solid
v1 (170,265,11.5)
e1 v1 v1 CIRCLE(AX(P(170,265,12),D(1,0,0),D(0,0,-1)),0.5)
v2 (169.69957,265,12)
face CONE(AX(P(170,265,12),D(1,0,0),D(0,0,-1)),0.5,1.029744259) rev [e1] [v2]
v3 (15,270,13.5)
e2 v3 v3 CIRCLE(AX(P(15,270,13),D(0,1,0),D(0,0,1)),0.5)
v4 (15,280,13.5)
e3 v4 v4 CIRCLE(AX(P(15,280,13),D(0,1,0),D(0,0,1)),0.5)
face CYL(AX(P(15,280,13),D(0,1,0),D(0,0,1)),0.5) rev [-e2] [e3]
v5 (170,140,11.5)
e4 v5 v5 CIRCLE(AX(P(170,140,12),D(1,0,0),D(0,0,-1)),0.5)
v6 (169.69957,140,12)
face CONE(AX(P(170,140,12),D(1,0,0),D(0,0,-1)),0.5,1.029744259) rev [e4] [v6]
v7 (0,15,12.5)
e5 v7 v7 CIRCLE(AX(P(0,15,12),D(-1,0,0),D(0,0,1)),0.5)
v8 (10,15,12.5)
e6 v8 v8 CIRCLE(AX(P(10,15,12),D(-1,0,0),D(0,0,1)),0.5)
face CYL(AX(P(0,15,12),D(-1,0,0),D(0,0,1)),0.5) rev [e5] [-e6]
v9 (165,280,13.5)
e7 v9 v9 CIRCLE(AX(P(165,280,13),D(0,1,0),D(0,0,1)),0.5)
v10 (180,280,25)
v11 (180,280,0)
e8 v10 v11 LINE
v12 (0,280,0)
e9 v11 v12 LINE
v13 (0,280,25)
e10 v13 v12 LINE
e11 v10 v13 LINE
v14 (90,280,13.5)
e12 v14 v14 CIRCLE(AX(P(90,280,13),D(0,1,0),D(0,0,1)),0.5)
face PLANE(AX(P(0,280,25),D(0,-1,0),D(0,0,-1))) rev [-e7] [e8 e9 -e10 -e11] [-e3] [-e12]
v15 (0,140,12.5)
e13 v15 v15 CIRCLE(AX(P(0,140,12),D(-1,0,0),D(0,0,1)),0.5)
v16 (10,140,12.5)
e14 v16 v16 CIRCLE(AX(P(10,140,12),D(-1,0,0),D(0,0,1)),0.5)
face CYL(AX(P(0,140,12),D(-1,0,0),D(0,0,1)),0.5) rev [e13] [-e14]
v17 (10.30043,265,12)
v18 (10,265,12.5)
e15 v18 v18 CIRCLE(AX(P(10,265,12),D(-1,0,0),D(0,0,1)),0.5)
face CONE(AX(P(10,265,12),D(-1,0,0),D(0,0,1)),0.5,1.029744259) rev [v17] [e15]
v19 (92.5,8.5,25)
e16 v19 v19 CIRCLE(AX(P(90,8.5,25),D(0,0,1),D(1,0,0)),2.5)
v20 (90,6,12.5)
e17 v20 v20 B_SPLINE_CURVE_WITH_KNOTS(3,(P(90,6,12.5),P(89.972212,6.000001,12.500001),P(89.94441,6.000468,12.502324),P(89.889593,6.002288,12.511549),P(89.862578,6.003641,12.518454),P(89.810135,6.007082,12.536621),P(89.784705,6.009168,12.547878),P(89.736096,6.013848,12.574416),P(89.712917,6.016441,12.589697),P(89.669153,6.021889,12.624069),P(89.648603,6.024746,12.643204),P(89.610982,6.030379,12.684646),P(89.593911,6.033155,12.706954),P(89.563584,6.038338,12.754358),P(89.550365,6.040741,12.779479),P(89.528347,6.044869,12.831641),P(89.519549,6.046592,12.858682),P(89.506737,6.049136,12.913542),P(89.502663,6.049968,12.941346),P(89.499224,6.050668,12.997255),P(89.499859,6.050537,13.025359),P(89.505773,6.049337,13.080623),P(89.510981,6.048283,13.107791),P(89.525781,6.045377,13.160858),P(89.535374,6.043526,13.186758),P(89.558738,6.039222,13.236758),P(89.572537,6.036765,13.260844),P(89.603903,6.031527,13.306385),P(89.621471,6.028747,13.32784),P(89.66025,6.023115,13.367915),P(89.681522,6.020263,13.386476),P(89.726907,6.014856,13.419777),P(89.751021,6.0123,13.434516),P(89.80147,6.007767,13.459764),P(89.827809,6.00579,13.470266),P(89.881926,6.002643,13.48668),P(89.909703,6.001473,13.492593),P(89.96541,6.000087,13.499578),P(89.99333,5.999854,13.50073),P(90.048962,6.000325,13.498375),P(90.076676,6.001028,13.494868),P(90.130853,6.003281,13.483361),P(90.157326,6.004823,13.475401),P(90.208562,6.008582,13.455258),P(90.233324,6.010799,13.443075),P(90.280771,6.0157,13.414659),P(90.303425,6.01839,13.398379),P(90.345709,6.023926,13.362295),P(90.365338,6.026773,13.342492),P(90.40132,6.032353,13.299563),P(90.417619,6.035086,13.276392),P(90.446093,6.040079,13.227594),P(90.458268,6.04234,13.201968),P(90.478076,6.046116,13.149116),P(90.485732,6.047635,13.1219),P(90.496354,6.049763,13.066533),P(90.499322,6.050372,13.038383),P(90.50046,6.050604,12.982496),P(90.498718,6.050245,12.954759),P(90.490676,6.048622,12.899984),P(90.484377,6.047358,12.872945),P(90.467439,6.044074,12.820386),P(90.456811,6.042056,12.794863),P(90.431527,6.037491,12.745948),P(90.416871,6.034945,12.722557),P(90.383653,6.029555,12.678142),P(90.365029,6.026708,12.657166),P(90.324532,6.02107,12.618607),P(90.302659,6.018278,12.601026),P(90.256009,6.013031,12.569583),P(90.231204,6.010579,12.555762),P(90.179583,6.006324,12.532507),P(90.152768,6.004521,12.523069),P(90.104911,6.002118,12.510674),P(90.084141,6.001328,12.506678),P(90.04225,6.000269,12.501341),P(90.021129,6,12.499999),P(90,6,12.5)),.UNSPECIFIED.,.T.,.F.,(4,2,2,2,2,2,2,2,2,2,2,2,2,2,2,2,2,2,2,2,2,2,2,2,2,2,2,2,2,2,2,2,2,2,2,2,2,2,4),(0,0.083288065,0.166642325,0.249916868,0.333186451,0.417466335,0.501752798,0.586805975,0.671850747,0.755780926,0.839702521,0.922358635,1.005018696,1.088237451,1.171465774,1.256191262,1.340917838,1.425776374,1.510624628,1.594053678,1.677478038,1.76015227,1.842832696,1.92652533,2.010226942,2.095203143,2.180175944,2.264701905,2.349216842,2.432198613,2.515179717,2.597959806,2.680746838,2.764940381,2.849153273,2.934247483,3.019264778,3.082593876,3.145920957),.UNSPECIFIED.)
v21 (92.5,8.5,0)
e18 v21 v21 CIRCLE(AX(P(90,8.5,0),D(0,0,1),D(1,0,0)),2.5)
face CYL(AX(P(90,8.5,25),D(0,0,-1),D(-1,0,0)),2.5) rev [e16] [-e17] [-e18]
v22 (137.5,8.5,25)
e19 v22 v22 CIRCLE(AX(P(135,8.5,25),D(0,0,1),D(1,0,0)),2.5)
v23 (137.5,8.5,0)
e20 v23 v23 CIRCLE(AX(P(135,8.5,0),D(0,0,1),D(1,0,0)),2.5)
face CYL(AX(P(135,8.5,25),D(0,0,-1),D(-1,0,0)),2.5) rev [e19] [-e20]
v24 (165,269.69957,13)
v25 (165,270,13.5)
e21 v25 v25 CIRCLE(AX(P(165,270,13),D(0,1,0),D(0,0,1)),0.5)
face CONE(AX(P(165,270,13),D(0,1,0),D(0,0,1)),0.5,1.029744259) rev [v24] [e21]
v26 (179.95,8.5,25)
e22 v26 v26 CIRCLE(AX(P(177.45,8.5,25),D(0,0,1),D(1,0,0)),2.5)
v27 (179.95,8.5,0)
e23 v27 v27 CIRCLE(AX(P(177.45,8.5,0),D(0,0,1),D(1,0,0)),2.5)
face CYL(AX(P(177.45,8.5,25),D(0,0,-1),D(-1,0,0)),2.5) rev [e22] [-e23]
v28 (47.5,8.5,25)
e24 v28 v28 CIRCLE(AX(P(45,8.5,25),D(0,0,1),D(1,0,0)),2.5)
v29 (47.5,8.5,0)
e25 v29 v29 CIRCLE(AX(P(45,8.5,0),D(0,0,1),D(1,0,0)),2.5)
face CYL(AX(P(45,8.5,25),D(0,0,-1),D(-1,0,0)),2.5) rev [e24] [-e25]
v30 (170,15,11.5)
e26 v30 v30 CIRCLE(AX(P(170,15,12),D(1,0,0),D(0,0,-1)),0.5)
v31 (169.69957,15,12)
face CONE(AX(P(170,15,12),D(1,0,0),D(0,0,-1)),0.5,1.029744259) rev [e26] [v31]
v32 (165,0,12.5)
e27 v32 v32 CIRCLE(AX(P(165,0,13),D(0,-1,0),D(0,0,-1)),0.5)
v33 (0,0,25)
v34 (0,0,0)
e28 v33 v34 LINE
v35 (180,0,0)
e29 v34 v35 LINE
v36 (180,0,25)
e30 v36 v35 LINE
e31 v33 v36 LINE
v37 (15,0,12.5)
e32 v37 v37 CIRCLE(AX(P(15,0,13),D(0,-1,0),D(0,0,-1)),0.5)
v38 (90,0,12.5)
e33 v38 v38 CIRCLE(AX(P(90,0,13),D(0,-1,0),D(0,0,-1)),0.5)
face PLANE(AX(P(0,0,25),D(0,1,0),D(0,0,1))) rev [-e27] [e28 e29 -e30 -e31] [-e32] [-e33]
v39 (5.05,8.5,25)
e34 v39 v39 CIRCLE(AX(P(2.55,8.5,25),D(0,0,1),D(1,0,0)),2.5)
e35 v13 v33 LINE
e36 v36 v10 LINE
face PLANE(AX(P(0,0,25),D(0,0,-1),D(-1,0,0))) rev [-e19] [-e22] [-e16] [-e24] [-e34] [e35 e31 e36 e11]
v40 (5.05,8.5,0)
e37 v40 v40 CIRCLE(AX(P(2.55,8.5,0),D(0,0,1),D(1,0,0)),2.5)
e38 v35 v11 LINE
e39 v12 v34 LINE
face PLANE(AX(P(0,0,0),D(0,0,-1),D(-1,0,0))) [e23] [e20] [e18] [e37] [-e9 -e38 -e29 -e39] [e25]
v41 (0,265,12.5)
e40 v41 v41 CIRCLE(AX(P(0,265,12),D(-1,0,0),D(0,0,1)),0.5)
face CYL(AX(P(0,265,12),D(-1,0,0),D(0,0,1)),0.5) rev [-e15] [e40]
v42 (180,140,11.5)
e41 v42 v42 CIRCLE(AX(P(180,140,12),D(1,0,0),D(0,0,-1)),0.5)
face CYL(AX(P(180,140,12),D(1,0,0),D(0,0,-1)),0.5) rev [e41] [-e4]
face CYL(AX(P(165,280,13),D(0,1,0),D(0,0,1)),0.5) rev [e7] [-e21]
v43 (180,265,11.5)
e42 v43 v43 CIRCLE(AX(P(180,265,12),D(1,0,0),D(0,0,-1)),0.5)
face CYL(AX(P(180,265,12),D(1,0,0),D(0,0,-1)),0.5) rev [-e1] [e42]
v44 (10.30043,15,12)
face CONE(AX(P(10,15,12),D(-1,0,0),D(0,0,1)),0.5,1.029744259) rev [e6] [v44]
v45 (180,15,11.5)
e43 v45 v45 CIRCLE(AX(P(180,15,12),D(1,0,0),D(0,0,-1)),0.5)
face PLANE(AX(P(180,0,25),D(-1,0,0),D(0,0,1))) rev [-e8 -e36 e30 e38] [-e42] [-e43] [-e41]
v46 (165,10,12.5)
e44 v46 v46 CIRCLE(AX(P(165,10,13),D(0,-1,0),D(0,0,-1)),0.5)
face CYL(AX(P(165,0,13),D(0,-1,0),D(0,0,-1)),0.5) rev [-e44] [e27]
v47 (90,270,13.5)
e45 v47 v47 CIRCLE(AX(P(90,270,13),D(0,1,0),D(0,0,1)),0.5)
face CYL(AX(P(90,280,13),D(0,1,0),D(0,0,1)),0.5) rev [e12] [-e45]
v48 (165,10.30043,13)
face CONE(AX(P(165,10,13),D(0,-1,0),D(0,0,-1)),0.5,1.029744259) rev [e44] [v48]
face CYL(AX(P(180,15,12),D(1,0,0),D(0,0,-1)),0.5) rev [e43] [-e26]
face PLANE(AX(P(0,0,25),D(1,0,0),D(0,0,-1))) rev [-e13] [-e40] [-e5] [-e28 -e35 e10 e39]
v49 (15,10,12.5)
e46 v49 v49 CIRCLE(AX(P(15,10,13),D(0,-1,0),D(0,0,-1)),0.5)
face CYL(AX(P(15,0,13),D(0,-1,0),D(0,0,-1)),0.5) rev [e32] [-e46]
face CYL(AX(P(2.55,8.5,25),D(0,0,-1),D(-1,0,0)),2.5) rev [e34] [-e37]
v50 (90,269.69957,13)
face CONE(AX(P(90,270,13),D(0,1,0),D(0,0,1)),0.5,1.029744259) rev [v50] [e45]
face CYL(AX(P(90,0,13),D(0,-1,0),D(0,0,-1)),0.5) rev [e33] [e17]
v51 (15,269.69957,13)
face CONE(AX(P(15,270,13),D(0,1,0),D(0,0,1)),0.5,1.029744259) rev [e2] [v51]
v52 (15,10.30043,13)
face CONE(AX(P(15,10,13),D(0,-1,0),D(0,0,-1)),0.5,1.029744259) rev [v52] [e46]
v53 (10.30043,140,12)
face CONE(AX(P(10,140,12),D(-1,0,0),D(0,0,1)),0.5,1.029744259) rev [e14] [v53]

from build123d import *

# Parameters (mm, degrees)
ESBO_O1_W                      = 180
ESBO_O1_H                      = 280
ESBO_O1_R                      = 2.5
RESSALTO_EXTRUS_O3_DEPTH       = 25
FURO_DE_DI_METRO_1_0_1_1_D     = 1
FURO_DE_DI_METRO_1_0_1_1_DEPTH = 10
FURO_DE_DI_METRO_1_0_1_1_TIP   = 0.30043031
FURO_DE_DI_METRO_1_0_1_2_D     = 1
FURO_DE_DI_METRO_1_0_1_2_DEPTH = 10
FURO_DE_DI_METRO_1_0_1_2_TIP   = 0.30043031
FURO_DE_DI_METRO_1_0_1_3_D     = 1
FURO_DE_DI_METRO_1_0_1_3_DEPTH = 10
FURO_DE_DI_METRO_1_0_1_3_TIP   = 0.30043031
FURO_DE_DI_METRO_1_0_1_4_D     = 1
FURO_DE_DI_METRO_1_0_1_4_DEPTH = 10
FURO_DE_DI_METRO_1_0_1_4_TIP   = 0.30043031


with BuildPart() as part:
    # Esboço1 → Ressalto-extrusão3 (new body)
    with BuildSketch(Plane.XY):
        with Locations((90, 140)):
            Rectangle(ESBO_O1_W, ESBO_O1_H)
        with Locations((2.55, 8.5)):
            Circle(ESBO_O1_R, mode=Mode.SUBTRACT)
        with Locations((45, 8.5)):
            Circle(ESBO_O1_R, mode=Mode.SUBTRACT)
        with Locations((90, 8.5)):
            Circle(ESBO_O1_R, mode=Mode.SUBTRACT)
        with Locations((135, 8.5)):
            Circle(ESBO_O1_R, mode=Mode.SUBTRACT)
        with Locations((177.45, 8.5)):
            Circle(ESBO_O1_R, mode=Mode.SUBTRACT)
    extrude(amount=RESSALTO_EXTRUS_O3_DEPTH)

    # Furo de diâmetro Ø1.0 (1)1
    with Locations(Plane(origin=(0, 265, 12), x_dir=(0, 0, -1), z_dir=(-1, 0, 0))):
        with Locations((0, 0), (0, 125), (0, 250)):
            Hole(FURO_DE_DI_METRO_1_0_1_1_D / 2, depth=FURO_DE_DI_METRO_1_0_1_1_DEPTH)
            with Locations((0, 0, -(FURO_DE_DI_METRO_1_0_1_1_DEPTH + FURO_DE_DI_METRO_1_0_1_1_TIP / 2))):  # 118° drill point
                Cone(0, FURO_DE_DI_METRO_1_0_1_1_D / 2, FURO_DE_DI_METRO_1_0_1_1_TIP, mode=Mode.SUBTRACT)

    # Furo de diâmetro Ø1.0 (1)2
    with Locations(Plane(origin=(180, 0, 0), x_dir=(0, 0, -1), z_dir=(1, 0, 0))):
        with Locations((-12, 15), (-12, 140), (-12, 265)):
            Hole(FURO_DE_DI_METRO_1_0_1_2_D / 2, depth=FURO_DE_DI_METRO_1_0_1_2_DEPTH)
            with Locations((0, 0, -(FURO_DE_DI_METRO_1_0_1_2_DEPTH + FURO_DE_DI_METRO_1_0_1_2_TIP / 2))):  # 118° drill point
                Cone(0, FURO_DE_DI_METRO_1_0_1_2_D / 2, FURO_DE_DI_METRO_1_0_1_2_TIP, mode=Mode.SUBTRACT)

    # Furo de diâmetro Ø1.0 (1)3
    with Locations(Plane(origin=(15, 0, 13), x_dir=(0, 0, -1), z_dir=(0, -1, 0))):
        with Locations((0, 0), (0, 75), (0, 150)):
            Hole(FURO_DE_DI_METRO_1_0_1_3_D / 2, depth=FURO_DE_DI_METRO_1_0_1_3_DEPTH)
            with Locations((0, 0, -(FURO_DE_DI_METRO_1_0_1_3_DEPTH + FURO_DE_DI_METRO_1_0_1_3_TIP / 2))):  # 118° drill point
                Cone(0, FURO_DE_DI_METRO_1_0_1_3_D / 2, FURO_DE_DI_METRO_1_0_1_3_TIP, mode=Mode.SUBTRACT)

    # Furo de diâmetro Ø1.0 (1)4
    with Locations(Plane(origin=(0, 280, 0), x_dir=(1, 0, 0), z_dir=(0, 1, 0))):
        with Locations((15, -13), (90, -13), (165, -13)):
            Hole(FURO_DE_DI_METRO_1_0_1_4_D / 2, depth=FURO_DE_DI_METRO_1_0_1_4_DEPTH)
            with Locations((0, 0, -(FURO_DE_DI_METRO_1_0_1_4_DEPTH + FURO_DE_DI_METRO_1_0_1_4_TIP / 2))):  # 118° drill point
                Cone(0, FURO_DE_DI_METRO_1_0_1_4_D / 2, FURO_DE_DI_METRO_1_0_1_4_TIP, mode=Mode.SUBTRACT)


solid = part.part
